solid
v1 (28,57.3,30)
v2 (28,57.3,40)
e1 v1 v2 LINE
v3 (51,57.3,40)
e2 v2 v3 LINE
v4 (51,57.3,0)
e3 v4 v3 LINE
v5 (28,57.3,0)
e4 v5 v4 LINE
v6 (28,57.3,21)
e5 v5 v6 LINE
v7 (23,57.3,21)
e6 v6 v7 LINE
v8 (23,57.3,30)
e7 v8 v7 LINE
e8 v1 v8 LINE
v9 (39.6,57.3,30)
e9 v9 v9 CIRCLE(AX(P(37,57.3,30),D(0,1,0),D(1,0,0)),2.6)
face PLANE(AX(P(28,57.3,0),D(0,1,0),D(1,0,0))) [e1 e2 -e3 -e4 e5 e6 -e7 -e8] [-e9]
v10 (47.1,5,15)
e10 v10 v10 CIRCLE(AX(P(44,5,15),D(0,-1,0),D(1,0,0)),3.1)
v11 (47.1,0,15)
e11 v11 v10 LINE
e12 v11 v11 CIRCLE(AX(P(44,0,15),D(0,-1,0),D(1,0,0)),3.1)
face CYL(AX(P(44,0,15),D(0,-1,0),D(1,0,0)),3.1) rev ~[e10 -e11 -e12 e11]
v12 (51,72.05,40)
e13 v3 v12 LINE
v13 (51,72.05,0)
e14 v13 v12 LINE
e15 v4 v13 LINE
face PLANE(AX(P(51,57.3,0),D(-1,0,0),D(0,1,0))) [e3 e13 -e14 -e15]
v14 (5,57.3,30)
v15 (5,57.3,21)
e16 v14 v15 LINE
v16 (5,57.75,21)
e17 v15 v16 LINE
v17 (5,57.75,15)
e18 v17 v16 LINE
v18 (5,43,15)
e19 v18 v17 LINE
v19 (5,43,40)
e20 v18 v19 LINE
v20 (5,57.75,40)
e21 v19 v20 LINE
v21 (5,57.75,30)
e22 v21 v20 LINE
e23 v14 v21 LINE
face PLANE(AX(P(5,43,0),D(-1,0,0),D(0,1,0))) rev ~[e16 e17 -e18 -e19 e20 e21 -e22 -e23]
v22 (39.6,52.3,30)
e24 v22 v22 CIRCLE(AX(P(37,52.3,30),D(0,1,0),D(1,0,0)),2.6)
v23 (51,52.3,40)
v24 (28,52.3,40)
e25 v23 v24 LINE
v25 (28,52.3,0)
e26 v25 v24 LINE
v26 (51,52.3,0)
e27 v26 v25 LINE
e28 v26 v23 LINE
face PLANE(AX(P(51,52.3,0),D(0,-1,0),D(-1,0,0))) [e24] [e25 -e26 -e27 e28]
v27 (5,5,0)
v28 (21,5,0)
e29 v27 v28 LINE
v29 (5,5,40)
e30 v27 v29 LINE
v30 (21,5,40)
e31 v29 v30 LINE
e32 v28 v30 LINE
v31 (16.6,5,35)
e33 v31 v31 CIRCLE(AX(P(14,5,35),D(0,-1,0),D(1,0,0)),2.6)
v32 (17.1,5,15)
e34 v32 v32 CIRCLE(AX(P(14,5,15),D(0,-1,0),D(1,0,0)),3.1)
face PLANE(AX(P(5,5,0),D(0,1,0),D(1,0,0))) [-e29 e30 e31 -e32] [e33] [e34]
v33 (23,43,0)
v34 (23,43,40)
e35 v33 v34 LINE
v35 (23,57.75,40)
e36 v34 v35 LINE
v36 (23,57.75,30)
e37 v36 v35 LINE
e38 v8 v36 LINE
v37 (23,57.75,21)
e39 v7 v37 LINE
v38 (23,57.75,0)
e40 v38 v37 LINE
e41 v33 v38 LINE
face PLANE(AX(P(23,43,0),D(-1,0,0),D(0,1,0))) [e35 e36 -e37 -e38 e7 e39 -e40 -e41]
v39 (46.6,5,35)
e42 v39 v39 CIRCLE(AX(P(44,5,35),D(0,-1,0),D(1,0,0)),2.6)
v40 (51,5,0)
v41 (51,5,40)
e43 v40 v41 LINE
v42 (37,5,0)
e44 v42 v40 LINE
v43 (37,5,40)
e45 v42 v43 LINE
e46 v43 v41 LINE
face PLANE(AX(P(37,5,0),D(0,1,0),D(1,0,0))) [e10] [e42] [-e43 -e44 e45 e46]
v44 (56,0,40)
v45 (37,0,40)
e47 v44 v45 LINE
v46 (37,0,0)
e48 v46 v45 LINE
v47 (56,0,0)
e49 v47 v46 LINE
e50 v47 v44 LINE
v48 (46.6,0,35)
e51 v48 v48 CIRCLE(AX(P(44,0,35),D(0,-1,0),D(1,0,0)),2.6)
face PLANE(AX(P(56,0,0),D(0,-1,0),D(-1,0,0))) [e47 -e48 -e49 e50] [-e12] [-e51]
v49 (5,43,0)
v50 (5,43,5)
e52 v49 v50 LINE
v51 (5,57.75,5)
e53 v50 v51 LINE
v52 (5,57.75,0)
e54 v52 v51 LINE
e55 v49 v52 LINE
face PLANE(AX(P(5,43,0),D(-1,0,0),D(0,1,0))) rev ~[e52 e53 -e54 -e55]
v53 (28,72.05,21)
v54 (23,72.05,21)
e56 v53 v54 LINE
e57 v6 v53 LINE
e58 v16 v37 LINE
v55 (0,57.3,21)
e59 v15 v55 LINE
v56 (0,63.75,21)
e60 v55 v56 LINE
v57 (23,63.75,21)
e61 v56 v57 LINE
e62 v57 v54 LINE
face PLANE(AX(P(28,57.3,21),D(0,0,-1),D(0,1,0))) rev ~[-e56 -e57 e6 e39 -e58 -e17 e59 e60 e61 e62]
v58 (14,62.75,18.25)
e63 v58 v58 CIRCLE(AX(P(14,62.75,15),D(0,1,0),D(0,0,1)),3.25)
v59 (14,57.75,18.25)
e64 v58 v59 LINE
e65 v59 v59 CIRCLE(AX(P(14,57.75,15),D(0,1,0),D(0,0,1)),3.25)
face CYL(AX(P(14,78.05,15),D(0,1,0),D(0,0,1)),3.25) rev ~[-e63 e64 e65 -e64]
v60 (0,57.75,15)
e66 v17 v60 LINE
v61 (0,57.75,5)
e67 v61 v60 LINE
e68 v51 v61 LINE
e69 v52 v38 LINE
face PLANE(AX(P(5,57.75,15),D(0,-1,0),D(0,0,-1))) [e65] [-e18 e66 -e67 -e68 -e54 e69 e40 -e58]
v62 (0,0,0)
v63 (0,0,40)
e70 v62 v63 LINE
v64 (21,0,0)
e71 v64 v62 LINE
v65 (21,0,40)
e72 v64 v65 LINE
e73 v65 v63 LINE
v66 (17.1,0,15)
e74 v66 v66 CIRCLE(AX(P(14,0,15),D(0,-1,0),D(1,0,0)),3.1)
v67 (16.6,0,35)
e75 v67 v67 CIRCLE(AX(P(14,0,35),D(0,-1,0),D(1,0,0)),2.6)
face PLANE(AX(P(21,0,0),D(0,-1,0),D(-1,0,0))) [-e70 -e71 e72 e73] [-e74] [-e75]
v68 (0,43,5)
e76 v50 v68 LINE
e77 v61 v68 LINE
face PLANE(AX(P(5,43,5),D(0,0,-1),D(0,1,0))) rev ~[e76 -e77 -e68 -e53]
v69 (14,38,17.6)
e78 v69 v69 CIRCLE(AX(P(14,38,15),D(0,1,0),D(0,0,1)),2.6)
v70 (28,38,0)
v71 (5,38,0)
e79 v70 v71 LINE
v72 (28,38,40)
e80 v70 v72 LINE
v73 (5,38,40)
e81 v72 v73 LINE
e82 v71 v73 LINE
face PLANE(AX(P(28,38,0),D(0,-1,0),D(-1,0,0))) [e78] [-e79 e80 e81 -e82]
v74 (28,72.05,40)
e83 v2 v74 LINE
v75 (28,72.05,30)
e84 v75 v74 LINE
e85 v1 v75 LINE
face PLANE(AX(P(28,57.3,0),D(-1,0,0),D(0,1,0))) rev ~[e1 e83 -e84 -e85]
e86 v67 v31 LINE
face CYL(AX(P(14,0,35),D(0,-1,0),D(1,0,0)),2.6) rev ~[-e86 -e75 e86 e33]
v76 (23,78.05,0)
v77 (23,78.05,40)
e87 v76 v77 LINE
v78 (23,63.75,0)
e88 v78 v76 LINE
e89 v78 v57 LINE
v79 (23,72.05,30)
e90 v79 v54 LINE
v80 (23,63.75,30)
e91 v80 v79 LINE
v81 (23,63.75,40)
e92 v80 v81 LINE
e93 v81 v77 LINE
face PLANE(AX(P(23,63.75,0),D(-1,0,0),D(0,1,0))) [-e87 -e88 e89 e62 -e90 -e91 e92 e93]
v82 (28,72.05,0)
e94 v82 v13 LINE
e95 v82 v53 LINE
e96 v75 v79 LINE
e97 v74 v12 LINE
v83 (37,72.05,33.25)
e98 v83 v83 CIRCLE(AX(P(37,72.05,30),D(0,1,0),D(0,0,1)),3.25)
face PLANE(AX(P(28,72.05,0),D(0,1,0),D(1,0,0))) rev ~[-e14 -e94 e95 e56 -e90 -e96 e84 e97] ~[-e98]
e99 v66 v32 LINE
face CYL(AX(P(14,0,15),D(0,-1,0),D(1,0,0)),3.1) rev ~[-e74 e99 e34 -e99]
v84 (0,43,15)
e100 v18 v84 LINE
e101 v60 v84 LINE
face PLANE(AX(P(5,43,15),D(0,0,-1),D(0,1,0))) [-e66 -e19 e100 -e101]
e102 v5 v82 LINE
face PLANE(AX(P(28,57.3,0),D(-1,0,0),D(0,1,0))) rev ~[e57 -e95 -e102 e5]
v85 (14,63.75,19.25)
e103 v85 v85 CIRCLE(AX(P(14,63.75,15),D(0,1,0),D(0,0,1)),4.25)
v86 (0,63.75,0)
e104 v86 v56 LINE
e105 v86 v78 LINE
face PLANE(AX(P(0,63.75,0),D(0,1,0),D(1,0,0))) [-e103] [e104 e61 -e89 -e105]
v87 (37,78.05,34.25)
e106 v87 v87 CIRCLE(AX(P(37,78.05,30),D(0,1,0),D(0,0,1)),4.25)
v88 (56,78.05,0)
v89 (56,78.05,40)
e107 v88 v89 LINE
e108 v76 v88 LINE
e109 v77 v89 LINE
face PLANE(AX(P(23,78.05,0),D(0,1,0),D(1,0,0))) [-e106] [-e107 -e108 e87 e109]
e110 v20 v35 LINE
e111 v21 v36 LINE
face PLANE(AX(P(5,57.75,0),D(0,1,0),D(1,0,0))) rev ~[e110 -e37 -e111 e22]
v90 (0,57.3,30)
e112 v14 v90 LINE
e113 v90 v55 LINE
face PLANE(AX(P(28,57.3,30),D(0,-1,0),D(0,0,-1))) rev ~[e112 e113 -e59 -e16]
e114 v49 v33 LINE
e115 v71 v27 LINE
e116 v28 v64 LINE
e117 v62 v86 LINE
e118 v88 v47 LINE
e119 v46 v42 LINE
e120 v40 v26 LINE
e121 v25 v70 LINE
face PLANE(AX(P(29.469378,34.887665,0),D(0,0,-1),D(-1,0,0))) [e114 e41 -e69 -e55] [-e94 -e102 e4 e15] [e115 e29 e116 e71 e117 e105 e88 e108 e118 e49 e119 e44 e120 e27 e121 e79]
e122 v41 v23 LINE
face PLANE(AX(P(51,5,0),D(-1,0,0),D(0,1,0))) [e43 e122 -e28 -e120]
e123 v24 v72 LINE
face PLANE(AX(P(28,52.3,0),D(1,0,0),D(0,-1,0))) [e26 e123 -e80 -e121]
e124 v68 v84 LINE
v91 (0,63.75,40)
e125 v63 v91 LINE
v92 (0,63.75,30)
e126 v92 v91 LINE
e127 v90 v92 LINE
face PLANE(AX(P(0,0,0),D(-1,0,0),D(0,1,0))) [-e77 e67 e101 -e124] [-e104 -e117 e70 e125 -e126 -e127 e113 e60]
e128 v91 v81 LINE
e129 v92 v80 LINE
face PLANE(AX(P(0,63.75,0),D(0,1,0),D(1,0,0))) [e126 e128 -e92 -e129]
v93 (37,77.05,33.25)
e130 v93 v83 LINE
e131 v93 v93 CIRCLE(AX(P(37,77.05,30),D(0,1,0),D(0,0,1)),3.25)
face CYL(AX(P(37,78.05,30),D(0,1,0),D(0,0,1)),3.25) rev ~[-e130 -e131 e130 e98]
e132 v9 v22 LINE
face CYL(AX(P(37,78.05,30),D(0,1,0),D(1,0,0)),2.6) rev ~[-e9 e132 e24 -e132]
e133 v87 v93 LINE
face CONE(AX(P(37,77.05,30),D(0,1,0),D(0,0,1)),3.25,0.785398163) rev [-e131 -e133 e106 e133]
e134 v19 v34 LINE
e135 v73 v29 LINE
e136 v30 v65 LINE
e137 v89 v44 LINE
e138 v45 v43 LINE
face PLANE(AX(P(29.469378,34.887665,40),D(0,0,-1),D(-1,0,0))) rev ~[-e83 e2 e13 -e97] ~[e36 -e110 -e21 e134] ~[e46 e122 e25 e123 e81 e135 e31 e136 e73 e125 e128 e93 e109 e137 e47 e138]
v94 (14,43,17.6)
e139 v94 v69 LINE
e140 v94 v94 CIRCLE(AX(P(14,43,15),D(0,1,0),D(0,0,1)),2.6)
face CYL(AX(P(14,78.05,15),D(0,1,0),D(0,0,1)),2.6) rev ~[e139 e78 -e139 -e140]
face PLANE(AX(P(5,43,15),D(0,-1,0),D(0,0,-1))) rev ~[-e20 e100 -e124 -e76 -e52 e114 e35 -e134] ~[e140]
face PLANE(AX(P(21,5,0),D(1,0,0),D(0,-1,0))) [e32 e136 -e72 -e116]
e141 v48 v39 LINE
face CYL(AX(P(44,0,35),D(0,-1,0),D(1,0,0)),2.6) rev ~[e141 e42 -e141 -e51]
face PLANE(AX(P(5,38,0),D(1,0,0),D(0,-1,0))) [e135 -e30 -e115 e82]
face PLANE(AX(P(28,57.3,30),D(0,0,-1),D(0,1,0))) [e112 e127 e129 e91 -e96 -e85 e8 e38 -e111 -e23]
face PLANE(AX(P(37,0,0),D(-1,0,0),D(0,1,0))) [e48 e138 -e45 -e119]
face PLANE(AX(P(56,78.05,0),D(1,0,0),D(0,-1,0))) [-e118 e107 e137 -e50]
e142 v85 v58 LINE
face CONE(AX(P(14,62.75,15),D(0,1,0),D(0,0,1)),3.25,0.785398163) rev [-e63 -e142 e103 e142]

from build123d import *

# Parameters (mm, degrees)
SKETCH1_W           = 23
SKETCH1_H           = 14.75
SKETCH1_W_2         = 18
BOSS_EXTRUDE1_DEPTH = 40
CUT_EXTRUDE1_REACH  = 106.057
SKETCH2_R           = 2.6
CUT_EXTRUDE2_REACH  = 94.064
SKETCH3_W           = 9
SKETCH3_H           = 14.75
SKETCH4_W           = 10
SKETCH4_H           = 14.75
CUT_EXTRUDE3_DEPTH  = 102.453449917
CUT_EXTRUDE4_REACH  = 106.057
SKETCH6_R           = 3.25
CHAMFER1_SIZE       = 1
CUT_EXTRUDE5_REACH  = 106.057
SKETCH7_R           = 2.6
SKETCH7_R_2         = 3.1


with BuildPart() as part:
    # Sketch1 → Boss-Extrude1 (new body)
    with BuildSketch(Plane.XY):
        Polygon((0, 0), (0, 63.75), (23, 63.75), (23, 78.05), (56, 78.05), (56, 0), (37, 0), (37, 5), (51, 5), (51, 52.3), (28, 52.3), (28, 38), (5, 38), (5, 5), (21, 5), (21, 0), align=None)
        with Locations((39.5, 64.675)):
            Rectangle(SKETCH1_W, SKETCH1_H, mode=Mode.SUBTRACT)
        with Locations((14, 50.375)):
            Rectangle(SKETCH1_W_2, SKETCH1_H, mode=Mode.SUBTRACT)
    extrude(amount=BOSS_EXTRUDE1_DEPTH)

    # Cut-Extrude1: up to this face of the body (flat: up to its plane)
    cut_extrude1_end = Plane(part.part.faces().sort_by_distance((16.5, 38, 20))[0])
    # Sketch2 → Cut-Extrude1 (cut, up to the picked face)
    with BuildSketch(Plane(origin=(0, 78.05, 0), x_dir=(1, 0, 0), z_dir=(0, 1, 0)), mode=Mode.PRIVATE) as cut_extrude1_sk1:
        with Locations(Location((14, -15, 0), (0, 0, 270))):
            Circle(SKETCH2_R)
    cut_extrude1_tool1 = split(extrude(cut_extrude1_sk1.sketch, amount=-CUT_EXTRUDE1_REACH, mode=Mode.PRIVATE), bisect_by=cut_extrude1_end, keep=Keep.BOTH, mode=Mode.PRIVATE)
    # Sketch2 → Cut-Extrude1 (cut, up to the picked face)
    with BuildSketch(Plane(origin=(0, 78.05, 0), x_dir=(1, 0, 0), z_dir=(0, 1, 0)), mode=Mode.PRIVATE) as cut_extrude1_sk2:
        with Locations((37, -30)):
            Circle(SKETCH2_R)
    cut_extrude1_tool2 = split(extrude(cut_extrude1_sk2.sketch, amount=-CUT_EXTRUDE1_REACH, mode=Mode.PRIVATE), bisect_by=cut_extrude1_end, keep=Keep.BOTH, mode=Mode.PRIVATE)
    add(cut_extrude1_tool1.solids().sort_by(Axis((14, 78.05, 15), (0, -1, 0)))[0], mode=Mode.SUBTRACT)
    add(cut_extrude1_tool2.solids().sort_by(Axis((37, 78.05, 30), (0, -1, 0)))[0], mode=Mode.SUBTRACT)

    # Sketch3 → Cut-Extrude2 (cut, up to next)
    with BuildSketch(Plane(origin=(28, 0, 0), x_dir=(0, 0, -1), z_dir=(1, 0, 0)), mode=Mode.PRIVATE) as cut_extrude2_sk1:
        with Locations((-25.5, 64.675)):
            Rectangle(SKETCH3_W, SKETCH3_H)
    cut_extrude2_tool1 = extrude(cut_extrude2_sk1.sketch, amount=-CUT_EXTRUDE2_REACH, mode=Mode.PRIVATE) & part.part
    add(cut_extrude2_tool1.solids().sort_by_distance((28, 64.675, 25.5))[0], mode=Mode.SUBTRACT)

    # Sketch4 → Cut-Extrude3 (cut, through all)
    with BuildSketch(Plane(origin=(5, 0, 0), x_dir=(0, 0, -1), z_dir=(1, 0, 0))):
        with Locations((-10, 50.375)):
            Rectangle(SKETCH4_W, SKETCH4_H)
    extrude(amount=-CUT_EXTRUDE3_DEPTH, mode=Mode.SUBTRACT)

    # Sketch6 → Cut-Extrude4 (cut, up to next)
    with BuildSketch(Plane(origin=(0, 78.05, 0), x_dir=(1, 0, 0), z_dir=(0, 1, 0)), mode=Mode.PRIVATE) as cut_extrude4_sk1:
        with Locations(Location((14, -15, 0), (0, 0, 270))):
            Circle(SKETCH6_R)
    cut_extrude4_tool1 = extrude(cut_extrude4_sk1.sketch, amount=-CUT_EXTRUDE4_REACH, mode=Mode.PRIVATE) & part.part
    # Sketch6 → Cut-Extrude4 (cut, up to next)
    with BuildSketch(Plane(origin=(0, 78.05, 0), x_dir=(1, 0, 0), z_dir=(0, 1, 0)), mode=Mode.PRIVATE) as cut_extrude4_sk2:
        with Locations(Location((37, -30, 0), (0, 0, 270))):
            Circle(SKETCH6_R)
    cut_extrude4_tool2 = extrude(cut_extrude4_sk2.sketch, amount=-CUT_EXTRUDE4_REACH, mode=Mode.PRIVATE) & part.part
    add(cut_extrude4_tool1.solids().sort_by_distance((14, 78.05, 15))[0], mode=Mode.SUBTRACT)
    add(cut_extrude4_tool2.solids().sort_by_distance((37, 78.05, 30))[0], mode=Mode.SUBTRACT)

    # Chamfer1
    chamfer1_edges = [part.edges().sort_by_distance(p)[0] for p in [
        (14, 63.75, 11.75),
        (37, 78.05, 26.75),
    ]]
    chamfer(chamfer1_edges, length=CHAMFER1_SIZE)

    # Sketch7 → Cut-Extrude5 (cut, up to next)
    with BuildSketch(Plane.XZ, mode=Mode.PRIVATE) as cut_extrude5_sk1:
        with Locations((14, 35)):
            Circle(SKETCH7_R)
    cut_extrude5_tool1 = extrude(cut_extrude5_sk1.sketch, amount=-CUT_EXTRUDE5_REACH, mode=Mode.PRIVATE) & part.part
    # Sketch7 → Cut-Extrude5 (cut, up to next)
    with BuildSketch(Plane.XZ, mode=Mode.PRIVATE) as cut_extrude5_sk2:
        with Locations((44, 35)):
            Circle(SKETCH7_R)
    cut_extrude5_tool2 = extrude(cut_extrude5_sk2.sketch, amount=-CUT_EXTRUDE5_REACH, mode=Mode.PRIVATE) & part.part
    # Sketch7 → Cut-Extrude5 (cut, up to next)
    with BuildSketch(Plane.XZ, mode=Mode.PRIVATE) as cut_extrude5_sk3:
        with Locations((14, 15)):
            Circle(SKETCH7_R_2)
    cut_extrude5_tool3 = extrude(cut_extrude5_sk3.sketch, amount=-CUT_EXTRUDE5_REACH, mode=Mode.PRIVATE) & part.part
    # Sketch7 → Cut-Extrude5 (cut, up to next)
    with BuildSketch(Plane.XZ, mode=Mode.PRIVATE) as cut_extrude5_sk4:
        with Locations((44, 15)):
            Circle(SKETCH7_R_2)
    cut_extrude5_tool4 = extrude(cut_extrude5_sk4.sketch, amount=-CUT_EXTRUDE5_REACH, mode=Mode.PRIVATE) & part.part
    add(cut_extrude5_tool1.solids().sort_by_distance((14, 0, 35))[0], mode=Mode.SUBTRACT)
    add(cut_extrude5_tool2.solids().sort_by_distance((44, 0, 35))[0], mode=Mode.SUBTRACT)
    add(cut_extrude5_tool3.solids().sort_by_distance((14, 0, 15))[0], mode=Mode.SUBTRACT)
    add(cut_extrude5_tool4.solids().sort_by_distance((44, 0, 15))[0], mode=Mode.SUBTRACT)


solid = part.part
